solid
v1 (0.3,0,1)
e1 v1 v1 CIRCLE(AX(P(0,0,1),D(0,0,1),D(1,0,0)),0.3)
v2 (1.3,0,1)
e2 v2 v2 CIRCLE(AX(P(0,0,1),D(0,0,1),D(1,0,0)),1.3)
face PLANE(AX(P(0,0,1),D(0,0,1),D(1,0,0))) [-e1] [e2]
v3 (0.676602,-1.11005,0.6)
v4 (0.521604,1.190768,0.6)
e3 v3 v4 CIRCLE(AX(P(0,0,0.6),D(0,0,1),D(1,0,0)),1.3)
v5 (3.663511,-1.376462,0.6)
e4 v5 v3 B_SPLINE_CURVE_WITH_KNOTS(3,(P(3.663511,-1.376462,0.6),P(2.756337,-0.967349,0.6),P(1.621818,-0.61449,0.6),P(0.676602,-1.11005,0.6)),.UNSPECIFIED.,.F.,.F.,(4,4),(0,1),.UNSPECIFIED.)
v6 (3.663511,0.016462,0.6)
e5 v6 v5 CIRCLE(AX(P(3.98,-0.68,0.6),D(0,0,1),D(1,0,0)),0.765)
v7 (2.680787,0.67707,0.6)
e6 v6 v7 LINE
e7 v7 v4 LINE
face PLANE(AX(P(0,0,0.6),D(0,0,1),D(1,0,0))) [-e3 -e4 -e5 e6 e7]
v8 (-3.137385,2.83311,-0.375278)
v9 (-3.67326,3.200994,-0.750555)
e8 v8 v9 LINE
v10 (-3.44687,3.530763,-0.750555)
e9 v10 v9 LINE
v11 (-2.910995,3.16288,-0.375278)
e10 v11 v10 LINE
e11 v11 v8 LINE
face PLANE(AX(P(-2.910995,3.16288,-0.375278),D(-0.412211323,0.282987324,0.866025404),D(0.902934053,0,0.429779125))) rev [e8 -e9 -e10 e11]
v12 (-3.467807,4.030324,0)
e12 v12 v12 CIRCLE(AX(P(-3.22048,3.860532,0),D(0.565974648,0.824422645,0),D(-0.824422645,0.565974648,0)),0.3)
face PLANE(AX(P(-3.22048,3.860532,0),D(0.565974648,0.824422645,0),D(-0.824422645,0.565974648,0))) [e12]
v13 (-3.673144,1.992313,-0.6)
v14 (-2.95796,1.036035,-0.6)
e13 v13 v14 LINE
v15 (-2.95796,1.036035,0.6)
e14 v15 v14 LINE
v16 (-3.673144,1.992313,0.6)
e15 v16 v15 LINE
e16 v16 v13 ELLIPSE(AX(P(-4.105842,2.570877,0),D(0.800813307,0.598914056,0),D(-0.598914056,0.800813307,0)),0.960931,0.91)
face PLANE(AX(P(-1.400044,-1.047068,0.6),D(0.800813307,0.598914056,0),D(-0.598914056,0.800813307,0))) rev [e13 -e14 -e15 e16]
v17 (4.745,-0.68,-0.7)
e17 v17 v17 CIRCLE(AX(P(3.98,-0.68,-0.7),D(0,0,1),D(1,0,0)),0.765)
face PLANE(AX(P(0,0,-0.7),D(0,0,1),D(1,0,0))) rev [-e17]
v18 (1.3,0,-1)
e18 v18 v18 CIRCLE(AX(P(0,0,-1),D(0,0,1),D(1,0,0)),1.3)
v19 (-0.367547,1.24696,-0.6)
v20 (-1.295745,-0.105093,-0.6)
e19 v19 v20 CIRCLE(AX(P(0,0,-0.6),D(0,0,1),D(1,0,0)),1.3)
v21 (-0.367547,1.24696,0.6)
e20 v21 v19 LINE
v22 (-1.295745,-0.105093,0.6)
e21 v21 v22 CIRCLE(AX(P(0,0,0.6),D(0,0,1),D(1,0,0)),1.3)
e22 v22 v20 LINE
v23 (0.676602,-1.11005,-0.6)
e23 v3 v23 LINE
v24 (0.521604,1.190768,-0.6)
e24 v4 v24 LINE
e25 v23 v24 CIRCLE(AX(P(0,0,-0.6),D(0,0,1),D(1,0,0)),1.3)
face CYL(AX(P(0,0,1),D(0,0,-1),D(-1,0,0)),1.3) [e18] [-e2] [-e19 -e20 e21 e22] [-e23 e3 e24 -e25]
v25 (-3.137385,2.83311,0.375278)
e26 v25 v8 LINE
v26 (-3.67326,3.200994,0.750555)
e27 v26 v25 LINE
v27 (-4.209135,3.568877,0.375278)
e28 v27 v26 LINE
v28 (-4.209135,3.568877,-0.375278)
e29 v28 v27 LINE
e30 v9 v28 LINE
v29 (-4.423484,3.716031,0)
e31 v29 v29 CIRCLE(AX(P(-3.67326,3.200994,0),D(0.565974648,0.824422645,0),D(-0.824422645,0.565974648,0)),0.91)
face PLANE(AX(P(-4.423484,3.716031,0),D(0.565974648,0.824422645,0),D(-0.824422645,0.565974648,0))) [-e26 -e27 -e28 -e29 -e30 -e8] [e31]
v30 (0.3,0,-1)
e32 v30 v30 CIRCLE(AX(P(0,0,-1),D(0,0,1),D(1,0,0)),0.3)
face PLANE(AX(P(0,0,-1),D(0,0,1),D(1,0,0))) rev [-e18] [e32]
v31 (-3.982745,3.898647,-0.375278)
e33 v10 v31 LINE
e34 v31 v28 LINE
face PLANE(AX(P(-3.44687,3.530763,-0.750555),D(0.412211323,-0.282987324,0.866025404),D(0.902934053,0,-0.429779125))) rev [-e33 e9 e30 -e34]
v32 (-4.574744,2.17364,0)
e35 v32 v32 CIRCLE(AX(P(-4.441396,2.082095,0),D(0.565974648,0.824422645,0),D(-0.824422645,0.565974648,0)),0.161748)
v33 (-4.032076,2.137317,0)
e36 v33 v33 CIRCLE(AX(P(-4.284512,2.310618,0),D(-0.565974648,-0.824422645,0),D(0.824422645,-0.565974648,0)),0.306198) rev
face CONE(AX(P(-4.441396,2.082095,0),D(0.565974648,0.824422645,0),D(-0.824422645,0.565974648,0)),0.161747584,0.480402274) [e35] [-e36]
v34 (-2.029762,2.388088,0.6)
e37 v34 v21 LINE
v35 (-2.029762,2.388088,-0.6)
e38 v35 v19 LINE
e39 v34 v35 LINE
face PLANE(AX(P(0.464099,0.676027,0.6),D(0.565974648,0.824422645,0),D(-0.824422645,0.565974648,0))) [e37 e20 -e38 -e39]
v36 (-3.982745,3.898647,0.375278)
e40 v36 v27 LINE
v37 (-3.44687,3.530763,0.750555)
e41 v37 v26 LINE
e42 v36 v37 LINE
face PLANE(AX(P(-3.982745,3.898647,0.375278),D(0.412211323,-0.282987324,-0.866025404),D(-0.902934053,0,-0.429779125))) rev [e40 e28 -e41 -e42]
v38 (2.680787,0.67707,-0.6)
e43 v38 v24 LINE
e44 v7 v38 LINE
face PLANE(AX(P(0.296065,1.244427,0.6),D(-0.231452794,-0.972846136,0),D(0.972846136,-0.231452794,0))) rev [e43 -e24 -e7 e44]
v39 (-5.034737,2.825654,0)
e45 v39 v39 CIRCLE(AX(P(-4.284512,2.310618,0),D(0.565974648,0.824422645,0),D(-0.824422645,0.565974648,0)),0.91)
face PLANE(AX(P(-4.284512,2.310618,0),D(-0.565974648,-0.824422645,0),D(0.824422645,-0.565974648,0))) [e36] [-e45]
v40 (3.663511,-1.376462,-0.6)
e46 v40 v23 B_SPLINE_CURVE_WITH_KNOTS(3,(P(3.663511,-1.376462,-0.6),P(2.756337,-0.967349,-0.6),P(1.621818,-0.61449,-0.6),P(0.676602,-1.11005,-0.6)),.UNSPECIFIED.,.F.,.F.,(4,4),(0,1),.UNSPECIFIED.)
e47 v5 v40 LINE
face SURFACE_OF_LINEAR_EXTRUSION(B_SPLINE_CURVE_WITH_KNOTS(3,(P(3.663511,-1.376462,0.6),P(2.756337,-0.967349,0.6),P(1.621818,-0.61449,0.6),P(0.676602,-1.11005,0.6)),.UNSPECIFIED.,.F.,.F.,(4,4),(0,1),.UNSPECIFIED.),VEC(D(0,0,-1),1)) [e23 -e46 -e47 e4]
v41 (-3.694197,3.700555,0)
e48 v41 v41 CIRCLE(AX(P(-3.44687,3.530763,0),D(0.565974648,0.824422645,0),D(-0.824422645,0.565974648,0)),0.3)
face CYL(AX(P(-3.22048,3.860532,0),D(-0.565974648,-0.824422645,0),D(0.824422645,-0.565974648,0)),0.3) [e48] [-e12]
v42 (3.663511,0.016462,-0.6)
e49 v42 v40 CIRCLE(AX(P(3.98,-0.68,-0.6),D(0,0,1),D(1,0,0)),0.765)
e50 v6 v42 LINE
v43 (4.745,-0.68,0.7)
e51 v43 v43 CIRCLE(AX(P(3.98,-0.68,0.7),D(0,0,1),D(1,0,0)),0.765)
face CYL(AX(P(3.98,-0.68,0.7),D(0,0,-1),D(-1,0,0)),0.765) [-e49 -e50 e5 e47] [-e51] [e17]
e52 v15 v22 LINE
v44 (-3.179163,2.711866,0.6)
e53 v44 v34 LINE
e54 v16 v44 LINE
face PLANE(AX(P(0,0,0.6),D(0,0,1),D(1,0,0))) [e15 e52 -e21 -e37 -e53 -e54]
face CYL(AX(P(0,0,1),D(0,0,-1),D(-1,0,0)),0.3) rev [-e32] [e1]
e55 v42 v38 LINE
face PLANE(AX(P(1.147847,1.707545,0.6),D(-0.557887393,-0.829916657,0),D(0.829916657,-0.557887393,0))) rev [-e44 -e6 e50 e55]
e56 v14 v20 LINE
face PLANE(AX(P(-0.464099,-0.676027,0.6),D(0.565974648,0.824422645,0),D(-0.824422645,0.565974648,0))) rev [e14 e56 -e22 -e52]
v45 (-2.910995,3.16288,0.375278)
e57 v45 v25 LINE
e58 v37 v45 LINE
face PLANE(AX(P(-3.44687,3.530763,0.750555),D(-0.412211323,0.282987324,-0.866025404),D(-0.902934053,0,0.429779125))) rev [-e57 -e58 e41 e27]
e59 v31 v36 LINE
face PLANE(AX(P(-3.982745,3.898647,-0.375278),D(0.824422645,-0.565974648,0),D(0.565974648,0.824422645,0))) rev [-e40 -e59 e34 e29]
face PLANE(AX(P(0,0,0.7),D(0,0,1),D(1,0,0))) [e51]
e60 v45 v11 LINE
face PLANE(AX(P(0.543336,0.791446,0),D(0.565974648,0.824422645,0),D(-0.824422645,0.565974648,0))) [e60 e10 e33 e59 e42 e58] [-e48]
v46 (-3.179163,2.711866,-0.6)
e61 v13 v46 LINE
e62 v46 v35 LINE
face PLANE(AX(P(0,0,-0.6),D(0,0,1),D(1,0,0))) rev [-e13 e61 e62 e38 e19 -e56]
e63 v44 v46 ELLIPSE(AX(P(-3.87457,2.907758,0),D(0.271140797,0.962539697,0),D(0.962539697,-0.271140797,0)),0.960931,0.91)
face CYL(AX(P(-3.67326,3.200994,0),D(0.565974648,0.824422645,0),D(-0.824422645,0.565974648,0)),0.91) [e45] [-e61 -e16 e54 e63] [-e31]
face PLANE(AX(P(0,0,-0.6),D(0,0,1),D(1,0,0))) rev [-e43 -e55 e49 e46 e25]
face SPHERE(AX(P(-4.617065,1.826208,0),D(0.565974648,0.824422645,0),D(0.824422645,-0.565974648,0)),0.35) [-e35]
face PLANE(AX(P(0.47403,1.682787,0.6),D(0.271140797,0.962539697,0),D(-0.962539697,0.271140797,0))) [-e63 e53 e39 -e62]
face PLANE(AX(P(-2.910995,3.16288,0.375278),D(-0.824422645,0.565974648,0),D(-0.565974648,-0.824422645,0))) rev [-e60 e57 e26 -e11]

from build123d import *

# Parameters (mm, degrees)
SKETCH1_R           = 0.3
BOSS_EXTRUDE1_DEPTH = 1
BOSS_EXTRUDE2_DEPTH = 0.7
BOSS_EXTRUDE3_DEPTH = 0.6
BOSS_EXTRUDE4_DEPTH = 0.6
BOSS_EXTRUDE5_DEPTH = 0.4
SKETCH5_R           = 0.3
BOSS_EXTRUDE6_DEPTH = 0.4


with BuildPart() as part:
    # Sketch1 → Boss-Extrude1 (new, symmetric)
    with BuildSketch(Plane.XY):
        with BuildLine():
            ThreePointArc((1.3, 0), (1.088137361, 0.711306603), (0.521604487, 1.190768138))
            ThreePointArc((0.521604487, 1.190768138), (0.081992884, 1.297411718), (-0.36754671, 1.24696007))
            ThreePointArc((-0.36754671, 1.24696007), (-1.071749439, 0.735767042), (-1.295745132, -0.105093068))
            ThreePointArc((-1.295745132, -0.105093068), (-0.590185628, -1.158309512), (0.676601677, -1.110049626))
            ThreePointArc((0.676601677, -1.110049626), (1.133486255, -0.636560217), (1.3, 0))
        make_face()
        Circle(SKETCH1_R, mode=Mode.SUBTRACT)
    extrude(amount=BOSS_EXTRUDE1_DEPTH, both=True)



with BuildPart() as body_2:
    # Sketch1<3> → Boss-Extrude2 (new, symmetric)
    with BuildSketch(Plane.XY):
        with BuildLine():
            ThreePointArc((4.745, -0.68), (4.394192677, -0.036828618), (3.663511304, 0.016462422))
            ThreePointArc((3.663511304, 0.016462422), (3.215, -0.68), (3.663511304, -1.376462422))
            ThreePointArc((3.663511304, -1.376462422), (4.394192677, -1.323171382), (4.745, -0.68))
        make_face()
    extrude(amount=BOSS_EXTRUDE2_DEPTH, both=True)


with BuildPart() as part_1:
    add(part.part)

    add(body_2.part)  # Boss-Extrude3 merges body 2
    # Sketch1<4> → Boss-Extrude3 (add, symmetric)
    with BuildSketch(Plane.XY):
        with BuildLine():
            ThreePointArc((3.663511304, -1.376462422), (3.215, -0.68), (3.663511304, 0.016462422))
            Line((3.663511304, 0.016462422), (2.68078674, 0.677070497))
            Line((2.68078674, 0.677070497), (0.521604487, 1.190768138))
            ThreePointArc((0.521604487, 1.190768138), (1.088137361, 0.711306603), (1.3, 0))
            ThreePointArc((1.3, 0), (1.133486255, -0.636560217), (0.676601677, -1.110049626))
            add(Edge.make_bspline(
                [(3.663511304, -1.376462422), (2.756337447, -0.967349054), (1.621818, -0.614489974), (0.676601677, -1.110049626)],
                knots=[0, 0, 0, 0, 1, 1, 1, 1], degree=3))
        make_face()
    extrude(amount=BOSS_EXTRUDE3_DEPTH, both=True)

    # Sketch1<5> → Boss-Extrude4 (add, symmetric)
    with BuildSketch(Plane.XY):
        with BuildLine():
            ThreePointArc((-1.295745132, -0.105093068), (-1.071749439, 0.735767042), (-0.36754671, 1.24696007))
            Line((-0.36754671, 1.24696007), (-2.029761859, 2.388087912))
            Line((-2.029761859, 2.388087912), (-3.468005165, 2.793231136))
            Line((-3.468005165, 2.793231136), (-3.852867925, 2.232623737))
            Line((-3.852867925, 2.232623737), (-2.957960282, 1.036034774))
            Line((-2.957960282, 1.036034774), (-1.295745132, -0.105093068))
        make_face()
    extrude(amount=BOSS_EXTRUDE4_DEPTH, both=True)



with BuildPart() as body_2_2:
    # Sketch2 → Revolve1 (revolve)
    with BuildSketch(Plane.XY):
        with BuildLine():
            Line((-3.852867925, 2.232623737), (-3.445366179, 2.826208042))
            Line((-3.445366179, 2.826208042), (-3.775135237, 3.052597901))
            Line((-3.775135237, 3.052597901), (-4.815155649, 1.537660116))
            ThreePointArc((-4.815155649, 1.537660116), (-4.383926247, 1.56515911), (-4.30804714, 1.990549933))
            Line((-4.30804714, 1.990549933), (-3.852867925, 2.232623737))
        make_face()
    revolve(axis=Axis((-3.775135237, 3.052597901, 0), (-0.565974647839502, -0.8244226452511793, 0)))


with BuildPart() as part_2:
    add(part_1.part)

    add(body_2_2.part)  # Revolve2 merges body 2 2
    # Sketch3 → Revolve2 (revolve)
    with BuildSketch(Plane.XY):
        Polygon((-3.6732598, 3.200993977), (-4.28451242, 2.31061752), (-5.034737027, 2.82565445), (-4.423484407, 3.716030906), align=None)
    revolve(axis=Axis((-3.6732598, 3.200993977, 0), (-0.5659746478395014, -0.8244226452511797, 0)))

    # Sketch4 → Boss-Extrude5 (add)
    with BuildSketch(Plane(origin=(0.316945803, 0.461676681, 0), x_dir=(0.8244226452511795, -0.5659746478395015, 0), z_dir=(0.5659746478395016, 0.8244226452511796, 0))):
        Polygon((-4.84, 0.75055535), (-5.49, 0.375277675), (-5.49, -0.375277675), (-4.84, -0.75055535), (-4.19, -0.375277675), (-4.19, 0.375277675), align=None)
    extrude(amount=BOSS_EXTRUDE5_DEPTH)

    # Sketch5 → Boss-Extrude6 (add)
    with BuildSketch(Plane(origin=(0.543335662, 0.791445739, 0), x_dir=(0.8244226452511795, -0.5659746478395015, 0), z_dir=(0.5659746478395016, 0.8244226452511796, 0))):
        with Locations((-4.84, 0)):
            Circle(SKETCH5_R)
    extrude(amount=BOSS_EXTRUDE6_DEPTH)


solid = part_2.part
